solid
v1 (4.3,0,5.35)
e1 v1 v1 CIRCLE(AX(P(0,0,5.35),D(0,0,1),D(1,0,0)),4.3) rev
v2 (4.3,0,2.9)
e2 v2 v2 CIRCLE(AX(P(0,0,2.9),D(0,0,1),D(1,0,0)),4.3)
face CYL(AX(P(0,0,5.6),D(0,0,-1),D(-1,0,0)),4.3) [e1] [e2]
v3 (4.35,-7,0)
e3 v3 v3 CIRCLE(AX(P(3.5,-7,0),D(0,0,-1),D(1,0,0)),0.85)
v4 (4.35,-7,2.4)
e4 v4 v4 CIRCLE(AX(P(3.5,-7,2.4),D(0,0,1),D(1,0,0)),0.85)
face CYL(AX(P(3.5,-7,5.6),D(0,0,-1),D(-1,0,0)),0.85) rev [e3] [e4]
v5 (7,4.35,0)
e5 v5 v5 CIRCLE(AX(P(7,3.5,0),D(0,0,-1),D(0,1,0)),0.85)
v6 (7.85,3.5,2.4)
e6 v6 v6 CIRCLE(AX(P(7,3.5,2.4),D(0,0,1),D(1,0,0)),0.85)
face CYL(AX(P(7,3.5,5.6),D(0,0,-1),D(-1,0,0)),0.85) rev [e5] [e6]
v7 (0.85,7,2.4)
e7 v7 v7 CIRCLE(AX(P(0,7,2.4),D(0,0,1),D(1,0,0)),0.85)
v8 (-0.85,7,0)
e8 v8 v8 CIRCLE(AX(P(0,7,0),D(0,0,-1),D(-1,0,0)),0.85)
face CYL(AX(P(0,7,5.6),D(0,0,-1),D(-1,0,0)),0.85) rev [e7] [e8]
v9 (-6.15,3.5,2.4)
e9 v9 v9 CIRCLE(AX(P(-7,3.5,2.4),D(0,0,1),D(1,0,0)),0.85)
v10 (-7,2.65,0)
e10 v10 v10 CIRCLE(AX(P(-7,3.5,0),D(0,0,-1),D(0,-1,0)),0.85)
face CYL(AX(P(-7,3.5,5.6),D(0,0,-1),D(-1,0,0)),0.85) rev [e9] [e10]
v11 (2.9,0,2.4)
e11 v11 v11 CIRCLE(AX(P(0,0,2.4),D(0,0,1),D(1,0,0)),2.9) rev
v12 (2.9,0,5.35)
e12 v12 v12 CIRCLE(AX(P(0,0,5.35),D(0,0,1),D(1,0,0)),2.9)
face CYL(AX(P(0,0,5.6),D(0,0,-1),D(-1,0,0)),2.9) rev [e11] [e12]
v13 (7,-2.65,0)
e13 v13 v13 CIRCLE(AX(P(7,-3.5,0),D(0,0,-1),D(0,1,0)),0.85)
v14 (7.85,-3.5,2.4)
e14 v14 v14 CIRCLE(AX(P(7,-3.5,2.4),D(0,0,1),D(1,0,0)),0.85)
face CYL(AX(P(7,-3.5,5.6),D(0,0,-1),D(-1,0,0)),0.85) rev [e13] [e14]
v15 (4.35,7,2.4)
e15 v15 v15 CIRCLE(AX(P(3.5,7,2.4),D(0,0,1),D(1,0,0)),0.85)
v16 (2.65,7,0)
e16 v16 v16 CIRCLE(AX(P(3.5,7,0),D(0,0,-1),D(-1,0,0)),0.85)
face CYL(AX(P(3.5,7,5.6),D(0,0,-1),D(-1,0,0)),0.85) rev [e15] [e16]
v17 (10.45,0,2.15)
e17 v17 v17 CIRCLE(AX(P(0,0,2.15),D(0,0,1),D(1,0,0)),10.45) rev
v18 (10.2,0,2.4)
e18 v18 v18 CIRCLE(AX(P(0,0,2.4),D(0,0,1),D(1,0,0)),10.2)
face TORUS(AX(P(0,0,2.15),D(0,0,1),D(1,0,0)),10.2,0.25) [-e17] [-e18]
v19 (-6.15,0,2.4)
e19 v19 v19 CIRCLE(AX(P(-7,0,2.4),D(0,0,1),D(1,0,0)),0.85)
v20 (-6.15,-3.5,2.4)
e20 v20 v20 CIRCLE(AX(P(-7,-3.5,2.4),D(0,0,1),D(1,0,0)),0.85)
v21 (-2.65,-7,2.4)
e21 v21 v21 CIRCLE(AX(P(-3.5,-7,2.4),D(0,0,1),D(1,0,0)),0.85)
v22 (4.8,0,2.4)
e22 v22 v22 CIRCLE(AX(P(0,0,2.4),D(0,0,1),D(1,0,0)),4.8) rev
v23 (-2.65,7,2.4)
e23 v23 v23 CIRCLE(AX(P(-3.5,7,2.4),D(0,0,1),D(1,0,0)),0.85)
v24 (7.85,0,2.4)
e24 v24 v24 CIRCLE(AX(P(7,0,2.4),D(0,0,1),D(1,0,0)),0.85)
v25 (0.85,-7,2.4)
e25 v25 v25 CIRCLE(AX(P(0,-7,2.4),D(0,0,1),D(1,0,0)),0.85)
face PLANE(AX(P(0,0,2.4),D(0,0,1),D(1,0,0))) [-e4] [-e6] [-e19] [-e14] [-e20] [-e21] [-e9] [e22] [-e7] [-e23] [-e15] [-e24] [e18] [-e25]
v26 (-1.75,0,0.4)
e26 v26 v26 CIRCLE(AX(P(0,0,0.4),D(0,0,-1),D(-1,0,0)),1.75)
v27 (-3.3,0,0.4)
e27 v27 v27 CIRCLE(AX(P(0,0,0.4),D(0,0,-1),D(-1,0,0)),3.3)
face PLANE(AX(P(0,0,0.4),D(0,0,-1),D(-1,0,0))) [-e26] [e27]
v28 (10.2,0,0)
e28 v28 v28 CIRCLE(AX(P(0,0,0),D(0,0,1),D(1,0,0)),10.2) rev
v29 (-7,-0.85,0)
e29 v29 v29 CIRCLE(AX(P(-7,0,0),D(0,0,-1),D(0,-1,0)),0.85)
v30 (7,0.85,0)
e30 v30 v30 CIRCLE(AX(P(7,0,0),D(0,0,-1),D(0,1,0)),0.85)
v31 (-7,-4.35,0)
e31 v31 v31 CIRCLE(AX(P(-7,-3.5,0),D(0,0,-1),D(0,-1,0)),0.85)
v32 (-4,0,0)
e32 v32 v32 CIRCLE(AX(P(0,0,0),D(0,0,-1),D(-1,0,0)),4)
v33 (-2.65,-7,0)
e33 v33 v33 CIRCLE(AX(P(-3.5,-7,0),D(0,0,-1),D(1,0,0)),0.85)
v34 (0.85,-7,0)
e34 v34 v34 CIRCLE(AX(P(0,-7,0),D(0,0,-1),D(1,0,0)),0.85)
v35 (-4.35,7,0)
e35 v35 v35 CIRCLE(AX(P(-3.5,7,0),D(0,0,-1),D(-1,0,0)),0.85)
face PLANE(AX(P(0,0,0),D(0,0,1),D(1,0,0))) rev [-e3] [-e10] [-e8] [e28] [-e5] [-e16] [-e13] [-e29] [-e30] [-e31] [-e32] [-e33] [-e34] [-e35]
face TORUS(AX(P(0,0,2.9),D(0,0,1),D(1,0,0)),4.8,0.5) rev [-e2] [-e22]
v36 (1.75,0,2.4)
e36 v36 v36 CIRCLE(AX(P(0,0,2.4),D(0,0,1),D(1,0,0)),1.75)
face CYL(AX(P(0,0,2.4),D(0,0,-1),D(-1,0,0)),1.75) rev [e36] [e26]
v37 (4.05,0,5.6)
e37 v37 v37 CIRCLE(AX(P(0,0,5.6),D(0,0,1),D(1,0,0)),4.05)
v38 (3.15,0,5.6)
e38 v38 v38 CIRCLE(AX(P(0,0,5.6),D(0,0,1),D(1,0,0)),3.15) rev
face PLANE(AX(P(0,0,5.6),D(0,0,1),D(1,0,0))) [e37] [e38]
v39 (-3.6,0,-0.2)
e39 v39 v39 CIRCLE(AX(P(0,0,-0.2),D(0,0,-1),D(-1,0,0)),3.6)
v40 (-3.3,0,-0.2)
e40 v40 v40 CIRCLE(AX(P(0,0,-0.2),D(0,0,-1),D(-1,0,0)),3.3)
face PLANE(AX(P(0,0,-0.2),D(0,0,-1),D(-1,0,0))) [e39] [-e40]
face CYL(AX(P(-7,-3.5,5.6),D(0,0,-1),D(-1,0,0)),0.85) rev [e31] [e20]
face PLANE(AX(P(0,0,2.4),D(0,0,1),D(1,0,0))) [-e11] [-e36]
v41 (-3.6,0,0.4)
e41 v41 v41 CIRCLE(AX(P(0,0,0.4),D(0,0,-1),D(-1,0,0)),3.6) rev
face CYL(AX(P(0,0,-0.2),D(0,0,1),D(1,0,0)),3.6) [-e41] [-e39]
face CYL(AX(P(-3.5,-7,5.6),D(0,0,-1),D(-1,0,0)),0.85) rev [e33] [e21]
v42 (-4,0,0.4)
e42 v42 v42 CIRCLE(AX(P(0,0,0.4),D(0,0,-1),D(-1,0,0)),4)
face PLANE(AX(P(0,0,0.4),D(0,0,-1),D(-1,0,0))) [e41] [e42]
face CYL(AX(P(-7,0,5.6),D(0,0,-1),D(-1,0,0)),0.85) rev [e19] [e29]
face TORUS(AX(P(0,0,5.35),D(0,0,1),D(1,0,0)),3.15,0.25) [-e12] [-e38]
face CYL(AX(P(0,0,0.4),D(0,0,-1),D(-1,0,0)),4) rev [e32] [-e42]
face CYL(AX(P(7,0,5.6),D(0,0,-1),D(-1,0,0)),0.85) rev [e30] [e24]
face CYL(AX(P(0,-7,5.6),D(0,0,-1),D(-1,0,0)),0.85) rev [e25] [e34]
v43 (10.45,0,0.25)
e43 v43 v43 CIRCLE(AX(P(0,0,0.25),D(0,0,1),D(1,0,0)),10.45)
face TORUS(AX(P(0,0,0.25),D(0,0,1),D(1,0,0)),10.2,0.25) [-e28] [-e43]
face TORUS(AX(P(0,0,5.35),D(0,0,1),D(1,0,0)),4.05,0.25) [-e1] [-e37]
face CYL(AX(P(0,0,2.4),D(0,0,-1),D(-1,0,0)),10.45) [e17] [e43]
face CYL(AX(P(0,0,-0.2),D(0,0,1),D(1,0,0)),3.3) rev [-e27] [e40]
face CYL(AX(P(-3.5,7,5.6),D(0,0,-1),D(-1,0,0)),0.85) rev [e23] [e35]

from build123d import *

# Parameters (mm, degrees)
SKETCH1_R           = 10.45
SKETCH1_R_2         = 1.75
BOSS_EXTRUDE1_DEPTH = 2.4
SKETCH2_R           = 4.3
SKETCH2_R_2         = 2.9
BOSS_EXTRUDE2_DEPTH = 3.2
SKETCH4_R           = 3.6
SKETCH4_R_2         = 3.3
BOSS_EXTRUDE3_DEPTH = 0.2
CUT_EXTRUDE2_START  = -0.4
SKETCH5_R           = 4
SKETCH5_R_2         = 3.6
SKETCH5_R_3         = 3.3
CUT_EXTRUDE2_DEPTH  = 0.4
SKETCH6_R           = 0.85
CUT_EXTRUDE3_DEPTH  = 16.803955201
CIRPATTERN1_COUNT   = 4
FILLET1_R           = 0.25
FILLET2_R           = 0.5


with BuildPart() as part:
    # Sketch1 → Boss-Extrude1 (new body)
    with BuildSketch(Plane.XY):
        Circle(SKETCH1_R)
        Circle(SKETCH1_R_2, mode=Mode.SUBTRACT)
    extrude(amount=BOSS_EXTRUDE1_DEPTH)

    # Sketch2 → Boss-Extrude2 (add)
    with BuildSketch(Plane.XY.offset(2.4)):
        Circle(SKETCH2_R)
        Circle(SKETCH2_R_2, mode=Mode.SUBTRACT)
    extrude(amount=BOSS_EXTRUDE2_DEPTH)

    # Sketch4 → Boss-Extrude3 (add)
    with BuildSketch(Plane(origin=(0, 0, 0), x_dir=(-1, 0, 0), z_dir=(0, 0, -1))):
        with Locations(Location((0, 0, 0), (0, 0, 180))):
            Circle(SKETCH4_R)
        Circle(SKETCH4_R_2, mode=Mode.SUBTRACT)
    extrude(amount=BOSS_EXTRUDE3_DEPTH)

    # Sketch5 → Cut-Extrude2 (cut)
    # profile 1 of 2: a face of its own
    with BuildSketch(Plane(origin=(0, 0, 0), x_dir=(-1, 0, 0), z_dir=(0, 0, -1)).offset(CUT_EXTRUDE2_START)):
        Circle(SKETCH5_R)
        Circle(SKETCH5_R_2, mode=Mode.SUBTRACT)
    # profile 2 of 2: a face of its own
    with BuildSketch(Plane(origin=(0, 0, 0), x_dir=(-1, 0, 0), z_dir=(0, 0, -1)).offset(CUT_EXTRUDE2_START)):
        Circle(SKETCH5_R_3)
    extrude(amount=CUT_EXTRUDE2_DEPTH, mode=Mode.SUBTRACT)

    # Sketch6 → Cut-Extrude3 (cut, through all)
    with BuildSketch(Plane(origin=(0, 0, 0), x_dir=(-1, 0, 0), z_dir=(0, 0, -1))):
        with Locations((0, 7)):
            Circle(SKETCH6_R)
        with Locations((3.5, 7)):
            Circle(SKETCH6_R)
        with Locations((-3.5, 7)):
            Circle(SKETCH6_R)
    cut_extrude3 = extrude(amount=-CUT_EXTRUDE3_DEPTH, mode=Mode.SUBTRACT)

    # CirPattern1: Cut-Extrude3 ×4 about axis
    cirpattern1_axis = Axis((0, 0, 0), (0, 0, 1))
    for i in range(1, CIRPATTERN1_COUNT):
        add(cut_extrude3.rotate(cirpattern1_axis, i * 360 / CIRPATTERN1_COUNT), mode=Mode.SUBTRACT)

    # Fillet1
    fillet1_edges = [part.edges().sort_by_distance(p)[0] for p in [
        (-4.3, 0, 5.6),
        (-2.9, 0, 5.6),
        (-10.45, 0, 0),
        (-10.45, 0, 2.4),
    ]]
    fillet(fillet1_edges, radius=FILLET1_R)

    # Fillet2
    fillet2_edges = [part.edges().sort_by_distance(p)[0] for p in [
        (-4.3, 0, 2.4),
    ]]
    fillet(fillet2_edges, radius=FILLET2_R)


solid = part.part
